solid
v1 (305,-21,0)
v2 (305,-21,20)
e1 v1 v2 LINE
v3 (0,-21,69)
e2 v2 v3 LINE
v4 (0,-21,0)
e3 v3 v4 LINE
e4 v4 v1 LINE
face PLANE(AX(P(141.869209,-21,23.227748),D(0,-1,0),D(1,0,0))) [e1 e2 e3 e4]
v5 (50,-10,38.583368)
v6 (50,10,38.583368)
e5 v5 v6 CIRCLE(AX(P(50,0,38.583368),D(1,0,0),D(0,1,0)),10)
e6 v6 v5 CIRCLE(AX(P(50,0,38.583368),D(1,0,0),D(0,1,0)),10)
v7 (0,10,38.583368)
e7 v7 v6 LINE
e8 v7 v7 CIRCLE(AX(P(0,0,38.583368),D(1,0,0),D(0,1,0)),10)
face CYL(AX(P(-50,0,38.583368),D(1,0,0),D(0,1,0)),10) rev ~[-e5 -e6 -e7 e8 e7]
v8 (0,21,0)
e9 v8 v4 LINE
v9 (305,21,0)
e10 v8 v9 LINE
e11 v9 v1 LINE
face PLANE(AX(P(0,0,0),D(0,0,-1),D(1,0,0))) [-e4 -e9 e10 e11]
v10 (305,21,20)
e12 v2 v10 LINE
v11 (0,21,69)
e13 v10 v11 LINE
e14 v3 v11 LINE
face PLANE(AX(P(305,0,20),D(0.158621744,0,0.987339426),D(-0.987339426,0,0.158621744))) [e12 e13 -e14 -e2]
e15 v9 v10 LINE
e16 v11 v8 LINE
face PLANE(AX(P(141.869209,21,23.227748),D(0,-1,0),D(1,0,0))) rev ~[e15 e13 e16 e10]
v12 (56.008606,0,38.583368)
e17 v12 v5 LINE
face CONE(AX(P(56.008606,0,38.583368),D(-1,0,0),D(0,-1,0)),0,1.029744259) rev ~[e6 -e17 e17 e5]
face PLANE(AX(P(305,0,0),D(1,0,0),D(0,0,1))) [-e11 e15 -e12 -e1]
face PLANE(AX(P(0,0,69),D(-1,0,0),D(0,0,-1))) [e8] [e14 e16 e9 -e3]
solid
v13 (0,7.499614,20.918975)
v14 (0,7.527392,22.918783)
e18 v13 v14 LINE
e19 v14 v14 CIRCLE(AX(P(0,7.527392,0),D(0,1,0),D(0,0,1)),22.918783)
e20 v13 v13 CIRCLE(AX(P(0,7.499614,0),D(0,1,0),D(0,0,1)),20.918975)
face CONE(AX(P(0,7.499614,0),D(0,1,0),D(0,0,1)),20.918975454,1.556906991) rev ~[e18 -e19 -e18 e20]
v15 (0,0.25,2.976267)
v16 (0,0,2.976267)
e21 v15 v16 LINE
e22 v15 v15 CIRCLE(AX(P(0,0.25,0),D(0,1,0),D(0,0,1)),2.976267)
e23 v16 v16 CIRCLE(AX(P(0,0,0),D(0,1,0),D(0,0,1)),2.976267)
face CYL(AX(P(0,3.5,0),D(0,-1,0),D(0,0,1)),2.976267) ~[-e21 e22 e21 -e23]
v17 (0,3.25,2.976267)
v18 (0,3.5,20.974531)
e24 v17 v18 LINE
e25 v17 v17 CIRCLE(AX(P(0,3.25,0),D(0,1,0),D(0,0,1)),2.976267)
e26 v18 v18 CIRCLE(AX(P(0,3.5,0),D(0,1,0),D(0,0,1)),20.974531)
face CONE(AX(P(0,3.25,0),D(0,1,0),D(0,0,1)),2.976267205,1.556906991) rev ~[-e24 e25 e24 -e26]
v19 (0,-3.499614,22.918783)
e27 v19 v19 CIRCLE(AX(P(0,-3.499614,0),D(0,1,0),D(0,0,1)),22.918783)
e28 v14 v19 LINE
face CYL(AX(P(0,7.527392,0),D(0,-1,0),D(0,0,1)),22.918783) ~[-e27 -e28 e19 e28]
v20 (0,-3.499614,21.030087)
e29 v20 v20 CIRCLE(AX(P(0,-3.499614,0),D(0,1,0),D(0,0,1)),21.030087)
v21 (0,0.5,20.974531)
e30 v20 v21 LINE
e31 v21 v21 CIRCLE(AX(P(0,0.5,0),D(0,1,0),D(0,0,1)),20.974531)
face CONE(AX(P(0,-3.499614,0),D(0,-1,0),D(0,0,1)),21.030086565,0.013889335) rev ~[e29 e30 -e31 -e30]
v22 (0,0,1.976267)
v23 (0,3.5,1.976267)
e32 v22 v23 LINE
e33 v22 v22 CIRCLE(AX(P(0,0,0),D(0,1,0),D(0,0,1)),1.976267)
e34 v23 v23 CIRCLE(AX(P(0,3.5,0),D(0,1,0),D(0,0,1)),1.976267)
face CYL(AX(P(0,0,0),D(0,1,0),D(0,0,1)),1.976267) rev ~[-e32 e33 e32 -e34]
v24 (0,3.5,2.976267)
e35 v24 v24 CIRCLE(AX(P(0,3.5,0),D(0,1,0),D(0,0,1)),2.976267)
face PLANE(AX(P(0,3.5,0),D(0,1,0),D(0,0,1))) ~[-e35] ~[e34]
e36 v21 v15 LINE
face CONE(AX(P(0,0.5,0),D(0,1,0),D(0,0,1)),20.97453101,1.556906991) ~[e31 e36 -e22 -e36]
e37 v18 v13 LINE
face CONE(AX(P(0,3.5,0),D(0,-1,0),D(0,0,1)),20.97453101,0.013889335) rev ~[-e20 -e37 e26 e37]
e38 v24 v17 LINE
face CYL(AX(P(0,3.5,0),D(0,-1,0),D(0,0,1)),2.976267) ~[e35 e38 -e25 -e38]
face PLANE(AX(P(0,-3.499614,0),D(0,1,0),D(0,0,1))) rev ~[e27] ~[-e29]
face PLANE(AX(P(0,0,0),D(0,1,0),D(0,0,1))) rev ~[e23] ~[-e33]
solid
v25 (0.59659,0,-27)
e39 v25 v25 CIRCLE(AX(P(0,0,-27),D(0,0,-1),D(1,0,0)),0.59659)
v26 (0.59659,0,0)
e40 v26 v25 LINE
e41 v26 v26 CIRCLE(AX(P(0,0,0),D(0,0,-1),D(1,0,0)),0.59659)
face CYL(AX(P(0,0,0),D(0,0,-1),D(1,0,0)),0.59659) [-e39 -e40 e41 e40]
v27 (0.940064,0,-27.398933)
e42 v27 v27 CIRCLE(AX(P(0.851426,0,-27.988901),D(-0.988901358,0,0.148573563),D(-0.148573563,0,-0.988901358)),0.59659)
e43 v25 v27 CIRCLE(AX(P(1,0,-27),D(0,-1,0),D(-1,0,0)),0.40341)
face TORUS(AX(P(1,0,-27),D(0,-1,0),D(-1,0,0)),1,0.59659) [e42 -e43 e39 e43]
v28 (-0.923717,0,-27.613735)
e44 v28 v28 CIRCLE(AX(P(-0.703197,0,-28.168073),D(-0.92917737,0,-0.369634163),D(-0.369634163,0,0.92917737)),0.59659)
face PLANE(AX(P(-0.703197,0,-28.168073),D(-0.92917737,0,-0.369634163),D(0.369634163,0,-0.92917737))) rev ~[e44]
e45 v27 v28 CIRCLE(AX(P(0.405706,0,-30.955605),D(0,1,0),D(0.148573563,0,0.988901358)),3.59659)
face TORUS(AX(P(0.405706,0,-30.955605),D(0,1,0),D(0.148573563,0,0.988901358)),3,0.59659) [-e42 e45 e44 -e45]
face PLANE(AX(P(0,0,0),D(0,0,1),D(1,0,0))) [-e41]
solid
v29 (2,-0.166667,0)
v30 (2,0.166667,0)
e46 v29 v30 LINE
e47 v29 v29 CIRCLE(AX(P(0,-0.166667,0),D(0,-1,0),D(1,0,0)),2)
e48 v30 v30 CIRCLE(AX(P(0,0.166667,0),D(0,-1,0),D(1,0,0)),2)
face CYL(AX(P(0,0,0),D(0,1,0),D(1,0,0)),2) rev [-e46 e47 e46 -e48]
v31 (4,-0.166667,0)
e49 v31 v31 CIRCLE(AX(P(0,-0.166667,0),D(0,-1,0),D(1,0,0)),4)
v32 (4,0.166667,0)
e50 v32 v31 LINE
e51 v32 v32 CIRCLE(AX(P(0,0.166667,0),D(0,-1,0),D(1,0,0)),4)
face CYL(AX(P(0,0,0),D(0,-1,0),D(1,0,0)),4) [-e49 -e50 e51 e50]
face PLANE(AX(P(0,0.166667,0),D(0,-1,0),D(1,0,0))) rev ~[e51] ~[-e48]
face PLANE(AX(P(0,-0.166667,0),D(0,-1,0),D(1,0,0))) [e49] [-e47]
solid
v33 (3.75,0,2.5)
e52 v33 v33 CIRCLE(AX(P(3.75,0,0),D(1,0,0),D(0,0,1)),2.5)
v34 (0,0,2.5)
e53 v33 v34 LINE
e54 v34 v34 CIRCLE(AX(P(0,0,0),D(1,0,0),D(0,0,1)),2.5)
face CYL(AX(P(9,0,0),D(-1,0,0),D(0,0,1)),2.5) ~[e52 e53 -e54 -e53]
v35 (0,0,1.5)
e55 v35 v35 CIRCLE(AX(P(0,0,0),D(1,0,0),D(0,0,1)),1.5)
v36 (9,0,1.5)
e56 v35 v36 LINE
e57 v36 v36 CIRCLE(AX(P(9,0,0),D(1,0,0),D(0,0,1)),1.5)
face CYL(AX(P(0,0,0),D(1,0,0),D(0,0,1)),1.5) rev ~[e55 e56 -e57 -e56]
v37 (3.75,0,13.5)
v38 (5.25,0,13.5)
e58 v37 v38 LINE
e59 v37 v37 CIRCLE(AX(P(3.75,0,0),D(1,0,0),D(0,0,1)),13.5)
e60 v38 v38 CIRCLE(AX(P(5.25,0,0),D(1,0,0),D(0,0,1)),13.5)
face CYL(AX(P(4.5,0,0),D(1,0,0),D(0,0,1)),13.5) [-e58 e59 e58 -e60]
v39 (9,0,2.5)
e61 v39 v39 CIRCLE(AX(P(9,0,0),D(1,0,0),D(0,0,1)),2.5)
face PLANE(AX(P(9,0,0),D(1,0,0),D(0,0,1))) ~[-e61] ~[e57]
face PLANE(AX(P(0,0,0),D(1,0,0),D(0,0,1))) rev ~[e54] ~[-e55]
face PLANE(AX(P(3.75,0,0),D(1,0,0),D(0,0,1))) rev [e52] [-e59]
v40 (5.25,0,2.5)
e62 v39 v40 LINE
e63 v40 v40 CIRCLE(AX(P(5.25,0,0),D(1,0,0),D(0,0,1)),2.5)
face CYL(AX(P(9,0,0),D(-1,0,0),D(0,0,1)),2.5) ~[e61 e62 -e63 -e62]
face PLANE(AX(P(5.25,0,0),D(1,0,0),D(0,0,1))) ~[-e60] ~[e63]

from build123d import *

# Parameters (mm, degrees)
F1_DEPTH  = 21
F2_R      = 4
F2_R_2    = 2
F3_DEPTH  = 0.1666666667
F7_R      = 0.5965900362
F9_W      = 1.5
F9_H      = 11
F12_D     = 20
F12_DEPTH = 50
F12_TIP   = 6.0086061903


with BuildPart() as f1:
    # F0 (on Front) → F1 (new body, symmetric)
    with BuildSketch(Plane.XZ):
        Polygon((0, 69), (0, 0), (305, 0), (305, 20), align=None)
    extrude(amount=F1_DEPTH, both=True)

    # F12
    with Locations(Plane(origin=(0, 0, 0), x_dir=(0, -1, 0), z_dir=(-1, 0, 0))):
        with Locations((0, 38.583368063)):
            Hole(F12_D / 2, depth=F12_DEPTH)
            with Locations((0, 0, -(F12_DEPTH + F12_TIP / 2))):  # 118° drill point
                Cone(0, F12_D / 2, F12_TIP, mode=Mode.SUBTRACT)


with BuildPart() as f3:
    # F2 (on Front) → F3 (new body, symmetric)
    with BuildSketch(Plane.XZ):
        Circle(F2_R)
        Circle(F2_R_2, mode=Mode.SUBTRACT)
    extrude(amount=F3_DEPTH, both=True)


with BuildPart() as f5:
    # F4 (on Right) → F5 (revolve)
    with BuildSketch(Plane.YZ):
        Polygon((0, 2.9762672046), (0, 1.9762672046), (3.5, 1.9762672046), (3.5, 2.9762672046), (3.25, 2.9762672046), (0.25, 2.9762672046), align=None)
        Polygon((0.5, 20.9745310098), (0.25, 2.9762672046), (3.25, 2.9762672046), (3.5, 20.9745310098), (7.4996141789, 20.9189754542), (7.5273919567, 22.9187825437), (-3.4996141789, 22.9187825437), (-3.4996141789, 21.0300865654), align=None)
    revolve(axis=Axis((0, 2.0275440093, 0), (0, 1, 0)))


with BuildPart() as f8:
    # F8: sweep along a path in F6
    with BuildLine(Plane.XZ) as f8_path:
        Line((0, 0), (0, -27))
        ThreePointArc((0, -27), (0.2421828837, -27.6524670247), (0.8514264366, -27.9889013582))
        ThreePointArc((0.8514264366, -27.9889013582), (0.7491852543, -33.9358775391), (-0.7031967419, -28.1680733215))
    # F7 (on Top) → F8 (sweep)
    with BuildSketch(Plane.XY):
        Circle(F7_R)
    sweep(path=f8_path.line)


with BuildPart() as f10:
    # F9 (on Front) → F10 (revolve)
    with BuildSketch(Plane.XZ):
        Polygon((3.75, 2.5), (0, 2.5), (0, 1.5), (9, 1.5), (9, 2.5), (5.25, 2.5), align=None)
        with Locations((4.5, 8)):
            Rectangle(F9_W, F9_H)
    revolve(axis=Axis((4.516885889, 0, 0), (1, 0, 0)))


solid = Compound([f1.part, f3.part, f5.part, f8.part, f10.part])
